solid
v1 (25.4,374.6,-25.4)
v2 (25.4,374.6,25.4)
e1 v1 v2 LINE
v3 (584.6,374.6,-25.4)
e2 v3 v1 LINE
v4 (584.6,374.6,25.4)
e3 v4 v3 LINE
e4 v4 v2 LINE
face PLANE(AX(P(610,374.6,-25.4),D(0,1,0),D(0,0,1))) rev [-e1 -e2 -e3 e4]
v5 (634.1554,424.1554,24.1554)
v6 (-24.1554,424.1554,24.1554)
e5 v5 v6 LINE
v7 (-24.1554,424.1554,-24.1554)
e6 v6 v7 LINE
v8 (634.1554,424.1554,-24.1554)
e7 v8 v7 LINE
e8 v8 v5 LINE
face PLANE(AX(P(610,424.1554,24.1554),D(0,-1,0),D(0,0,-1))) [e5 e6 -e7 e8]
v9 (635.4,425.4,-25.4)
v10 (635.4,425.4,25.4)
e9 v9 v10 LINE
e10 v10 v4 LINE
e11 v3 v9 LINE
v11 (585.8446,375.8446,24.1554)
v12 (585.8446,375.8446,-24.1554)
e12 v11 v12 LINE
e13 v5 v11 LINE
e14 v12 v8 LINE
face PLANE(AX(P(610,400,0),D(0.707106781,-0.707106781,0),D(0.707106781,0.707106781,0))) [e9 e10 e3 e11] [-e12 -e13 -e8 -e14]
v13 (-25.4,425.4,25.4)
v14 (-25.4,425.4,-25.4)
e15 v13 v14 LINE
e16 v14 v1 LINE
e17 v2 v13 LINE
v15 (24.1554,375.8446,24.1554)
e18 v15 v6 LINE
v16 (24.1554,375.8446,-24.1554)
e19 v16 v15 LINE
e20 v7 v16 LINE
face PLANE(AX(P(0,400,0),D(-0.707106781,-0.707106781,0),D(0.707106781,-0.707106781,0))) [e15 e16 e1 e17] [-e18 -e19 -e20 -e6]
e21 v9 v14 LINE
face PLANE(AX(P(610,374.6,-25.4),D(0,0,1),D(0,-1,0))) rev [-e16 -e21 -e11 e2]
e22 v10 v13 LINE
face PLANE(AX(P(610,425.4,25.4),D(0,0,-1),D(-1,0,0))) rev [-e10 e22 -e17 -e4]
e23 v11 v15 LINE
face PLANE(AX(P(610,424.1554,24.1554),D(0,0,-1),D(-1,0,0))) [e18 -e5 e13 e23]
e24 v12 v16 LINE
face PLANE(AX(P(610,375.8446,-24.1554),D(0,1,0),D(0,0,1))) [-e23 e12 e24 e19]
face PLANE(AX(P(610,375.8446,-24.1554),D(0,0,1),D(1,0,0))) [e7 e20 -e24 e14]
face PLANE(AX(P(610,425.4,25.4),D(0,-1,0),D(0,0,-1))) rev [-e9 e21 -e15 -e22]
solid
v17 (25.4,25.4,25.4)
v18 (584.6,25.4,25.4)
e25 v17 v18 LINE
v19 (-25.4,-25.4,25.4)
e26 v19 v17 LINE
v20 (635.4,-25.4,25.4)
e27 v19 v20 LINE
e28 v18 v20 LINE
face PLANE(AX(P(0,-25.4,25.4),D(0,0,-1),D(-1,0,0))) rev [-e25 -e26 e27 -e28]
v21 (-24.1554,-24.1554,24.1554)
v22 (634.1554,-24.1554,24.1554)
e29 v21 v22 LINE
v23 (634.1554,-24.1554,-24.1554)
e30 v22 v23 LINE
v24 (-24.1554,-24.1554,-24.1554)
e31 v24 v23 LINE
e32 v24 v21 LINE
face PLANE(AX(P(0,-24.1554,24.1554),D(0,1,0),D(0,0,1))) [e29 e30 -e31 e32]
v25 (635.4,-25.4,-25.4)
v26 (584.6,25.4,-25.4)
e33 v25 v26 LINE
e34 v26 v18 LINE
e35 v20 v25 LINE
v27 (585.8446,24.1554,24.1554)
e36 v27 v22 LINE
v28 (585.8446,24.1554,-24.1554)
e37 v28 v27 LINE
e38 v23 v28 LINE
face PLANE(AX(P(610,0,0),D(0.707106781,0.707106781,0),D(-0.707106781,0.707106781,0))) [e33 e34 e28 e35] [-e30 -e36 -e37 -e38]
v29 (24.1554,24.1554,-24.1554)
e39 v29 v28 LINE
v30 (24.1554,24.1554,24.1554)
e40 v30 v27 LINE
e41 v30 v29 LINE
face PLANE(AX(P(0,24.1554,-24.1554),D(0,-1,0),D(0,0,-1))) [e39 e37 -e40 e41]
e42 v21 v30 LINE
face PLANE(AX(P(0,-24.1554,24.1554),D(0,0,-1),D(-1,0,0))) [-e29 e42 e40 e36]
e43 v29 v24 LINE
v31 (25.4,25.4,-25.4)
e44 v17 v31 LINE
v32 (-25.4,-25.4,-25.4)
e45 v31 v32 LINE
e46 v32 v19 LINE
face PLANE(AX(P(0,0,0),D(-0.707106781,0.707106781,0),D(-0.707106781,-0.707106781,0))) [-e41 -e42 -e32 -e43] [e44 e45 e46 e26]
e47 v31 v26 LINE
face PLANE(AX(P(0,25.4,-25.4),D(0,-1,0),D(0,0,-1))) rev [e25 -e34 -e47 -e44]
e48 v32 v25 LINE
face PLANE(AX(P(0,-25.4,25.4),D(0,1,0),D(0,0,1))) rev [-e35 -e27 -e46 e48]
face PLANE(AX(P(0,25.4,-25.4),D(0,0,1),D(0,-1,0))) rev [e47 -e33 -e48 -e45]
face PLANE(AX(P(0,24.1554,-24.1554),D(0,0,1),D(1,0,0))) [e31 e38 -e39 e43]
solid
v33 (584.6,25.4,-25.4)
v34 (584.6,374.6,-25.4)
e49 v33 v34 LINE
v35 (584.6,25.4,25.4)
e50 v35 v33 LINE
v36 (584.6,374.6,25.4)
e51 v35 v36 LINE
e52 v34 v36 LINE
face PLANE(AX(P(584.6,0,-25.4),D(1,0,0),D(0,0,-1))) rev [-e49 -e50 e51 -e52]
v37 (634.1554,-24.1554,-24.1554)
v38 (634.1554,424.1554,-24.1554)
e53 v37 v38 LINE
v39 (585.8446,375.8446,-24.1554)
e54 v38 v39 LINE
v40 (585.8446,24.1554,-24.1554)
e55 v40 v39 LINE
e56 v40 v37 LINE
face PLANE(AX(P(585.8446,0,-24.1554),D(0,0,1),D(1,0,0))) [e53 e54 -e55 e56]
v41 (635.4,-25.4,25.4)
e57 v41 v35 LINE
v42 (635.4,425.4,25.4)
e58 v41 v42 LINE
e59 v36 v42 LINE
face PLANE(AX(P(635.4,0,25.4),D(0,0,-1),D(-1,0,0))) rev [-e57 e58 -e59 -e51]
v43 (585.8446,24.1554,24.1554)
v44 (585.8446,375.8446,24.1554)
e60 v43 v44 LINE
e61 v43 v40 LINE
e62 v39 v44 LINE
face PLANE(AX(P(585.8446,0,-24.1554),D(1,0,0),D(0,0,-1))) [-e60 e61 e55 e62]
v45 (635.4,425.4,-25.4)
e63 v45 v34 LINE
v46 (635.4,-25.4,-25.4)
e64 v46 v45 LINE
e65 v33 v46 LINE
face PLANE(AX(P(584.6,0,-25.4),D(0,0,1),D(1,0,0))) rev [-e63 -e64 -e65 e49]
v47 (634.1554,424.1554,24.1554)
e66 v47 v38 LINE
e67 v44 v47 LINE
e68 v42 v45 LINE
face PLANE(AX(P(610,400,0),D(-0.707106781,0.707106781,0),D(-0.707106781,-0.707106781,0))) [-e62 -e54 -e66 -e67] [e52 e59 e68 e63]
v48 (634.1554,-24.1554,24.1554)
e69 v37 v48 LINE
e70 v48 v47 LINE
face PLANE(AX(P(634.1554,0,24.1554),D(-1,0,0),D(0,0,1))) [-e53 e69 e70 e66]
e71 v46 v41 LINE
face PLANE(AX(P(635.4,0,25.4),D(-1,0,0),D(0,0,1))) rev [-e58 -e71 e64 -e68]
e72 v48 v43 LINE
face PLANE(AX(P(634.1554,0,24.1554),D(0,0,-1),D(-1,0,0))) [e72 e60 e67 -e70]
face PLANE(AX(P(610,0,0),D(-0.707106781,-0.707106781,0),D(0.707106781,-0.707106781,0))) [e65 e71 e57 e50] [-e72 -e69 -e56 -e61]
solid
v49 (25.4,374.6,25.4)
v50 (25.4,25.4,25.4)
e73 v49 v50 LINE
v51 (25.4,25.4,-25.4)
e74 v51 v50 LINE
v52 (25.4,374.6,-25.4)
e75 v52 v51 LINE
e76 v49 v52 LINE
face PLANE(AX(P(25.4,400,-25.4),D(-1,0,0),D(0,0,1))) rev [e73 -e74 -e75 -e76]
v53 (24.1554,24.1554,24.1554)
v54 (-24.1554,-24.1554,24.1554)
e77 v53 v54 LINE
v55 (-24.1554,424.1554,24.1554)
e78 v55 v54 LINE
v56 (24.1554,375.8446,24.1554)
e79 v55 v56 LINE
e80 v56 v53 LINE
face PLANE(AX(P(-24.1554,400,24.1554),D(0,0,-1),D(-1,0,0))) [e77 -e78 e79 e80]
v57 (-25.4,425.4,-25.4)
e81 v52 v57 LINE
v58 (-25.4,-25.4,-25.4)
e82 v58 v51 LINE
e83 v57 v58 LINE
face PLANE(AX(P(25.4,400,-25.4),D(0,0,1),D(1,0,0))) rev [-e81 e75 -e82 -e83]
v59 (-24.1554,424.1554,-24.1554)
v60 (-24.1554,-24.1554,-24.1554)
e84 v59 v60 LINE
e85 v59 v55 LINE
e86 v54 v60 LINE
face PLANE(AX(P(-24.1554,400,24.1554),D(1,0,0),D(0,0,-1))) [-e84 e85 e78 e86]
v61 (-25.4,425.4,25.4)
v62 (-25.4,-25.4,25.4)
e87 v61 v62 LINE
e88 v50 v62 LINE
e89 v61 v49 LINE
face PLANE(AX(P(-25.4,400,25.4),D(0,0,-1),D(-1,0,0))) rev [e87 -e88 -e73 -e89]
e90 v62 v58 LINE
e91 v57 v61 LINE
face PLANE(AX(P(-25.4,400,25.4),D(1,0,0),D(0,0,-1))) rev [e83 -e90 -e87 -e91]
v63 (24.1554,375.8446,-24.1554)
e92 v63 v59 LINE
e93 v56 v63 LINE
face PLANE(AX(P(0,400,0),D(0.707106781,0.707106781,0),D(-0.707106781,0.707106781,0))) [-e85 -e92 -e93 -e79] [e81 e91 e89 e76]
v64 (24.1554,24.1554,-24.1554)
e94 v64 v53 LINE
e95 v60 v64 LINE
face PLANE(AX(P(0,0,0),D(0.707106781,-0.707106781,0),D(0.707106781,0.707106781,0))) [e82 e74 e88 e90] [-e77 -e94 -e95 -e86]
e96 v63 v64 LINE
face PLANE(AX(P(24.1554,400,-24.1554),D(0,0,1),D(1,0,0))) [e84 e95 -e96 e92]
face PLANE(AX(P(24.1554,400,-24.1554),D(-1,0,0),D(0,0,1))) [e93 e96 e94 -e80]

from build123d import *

# Parameters (mm, degrees)
AL_TUBE_SQUARE_2_SQ_X_049_WALL_1_DEPTH      = 436.921024484
AL_TUBE_SQUARE_2_SQ_X_049_WALL_1_DEPTH_BACK = 36.921024484
SKETCH1_W                                   = 50.8
SKETCH1_H                                   = 50.8
SKETCH1_W_2                                 = 48.3108
SKETCH1_H_2                                 = 48.3108
SKETCH1_ON_SEGMENT_2_W                      = 50.8
SKETCH1_ON_SEGMENT_2_H                      = 50.8
SKETCH1_ON_SEGMENT_2_W_2                    = 48.3108
SKETCH1_ON_SEGMENT_2_H_2                    = 48.3108
AL_TUBE_SQUARE_2_SQ_X_049_WALL_1_3_DEPTH    = 683.842048969
SKETCH1_ON_SEGMENT_3_W                      = 50.8
SKETCH1_ON_SEGMENT_3_H                      = 50.8
SKETCH1_ON_SEGMENT_3_W_2                    = 48.3108
SKETCH1_ON_SEGMENT_3_H_2                    = 48.3108
AL_TUBE_SQUARE_2_SQ_X_049_WALL_1_5_DEPTH    = 473.842048969
SKETCH1_ON_SEGMENT_4_W                      = 50.8
SKETCH1_ON_SEGMENT_4_H                      = 50.8
SKETCH1_ON_SEGMENT_4_W_2                    = 48.3108
SKETCH1_ON_SEGMENT_4_H_2                    = 48.3108
AL_TUBE_SQUARE_2_SQ_X_049_WALL_1_7_DEPTH    = 683.842048969


with BuildPart() as part:
    # Sketch1 → Al tube (square) 2 SQ X .049 WALL(1) (new, two sides: drawn at the far end of the back side and taken through both)
    with BuildSketch(Plane(origin=(0, 0, 0), x_dir=(-1, 0, 0), z_dir=(0, 1, 0)).offset(-AL_TUBE_SQUARE_2_SQ_X_049_WALL_1_DEPTH_BACK)):
        Rectangle(SKETCH1_W, SKETCH1_H)
        Rectangle(SKETCH1_W_2, SKETCH1_H_2, mode=Mode.SUBTRACT)
    extrude(amount=AL_TUBE_SQUARE_2_SQ_X_049_WALL_1_DEPTH + AL_TUBE_SQUARE_2_SQ_X_049_WALL_1_DEPTH_BACK)

    # Al tube (square) 2 SQ X .049 WALL(1) mitr
    split(bisect_by=Plane(origin=(0, 0, 0), x_dir=(-0.707106781, -0.707106781, 0), z_dir=(-0.707106781, 0.707106781, 0)), keep=Keep.TOP)

    # Al tube (square) 2 SQ X .049 WALL(1)  2
    split(bisect_by=Plane(origin=(0, 400, 0), x_dir=(0.707106781, -0.707106781, 0), z_dir=(-0.707106781, -0.707106781, 0)), keep=Keep.TOP)


with BuildPart() as body_2:
    # Sketch1 on segment 2 (carried to segment 2) → Al tube (square) 2 SQ X .049 WALL(1)  3 (new body)
    with BuildSketch(Plane(origin=(-36.921024484, 400, 0), x_dir=(0, 1, 0), z_dir=(1, 0, 0))):
        Rectangle(SKETCH1_ON_SEGMENT_2_W, SKETCH1_ON_SEGMENT_2_H)
        Rectangle(SKETCH1_ON_SEGMENT_2_W_2, SKETCH1_ON_SEGMENT_2_H_2, mode=Mode.SUBTRACT)
    extrude(amount=AL_TUBE_SQUARE_2_SQ_X_049_WALL_1_3_DEPTH)

    # Al tube _square_ 2 SQ X .049 WALL_1 3 mi
    split(bisect_by=Plane(origin=(0, 400, 0), x_dir=(-0.707106781, 0.707106781, 0), z_dir=(0.707106781, 0.707106781, 0)), keep=Keep.TOP)

    # Al tube (square) 2 SQ X .049 WALL(1)  4
    split(bisect_by=Plane(origin=(610, 400, 0), x_dir=(-0.707106781, -0.707106781, 0), z_dir=(-0.707106781, 0.707106781, 0)), keep=Keep.TOP)


with BuildPart() as body_3:
    # Sketch1 on segment 3 (carried to segment 3) → Al tube (square) 2 SQ X .049 WALL(1)  5 (new body)
    with BuildSketch(Plane(origin=(610, 436.921024484, 0), x_dir=(1, 0, 0), z_dir=(0, -1, 0))):
        Rectangle(SKETCH1_ON_SEGMENT_3_W, SKETCH1_ON_SEGMENT_3_H)
        Rectangle(SKETCH1_ON_SEGMENT_3_W_2, SKETCH1_ON_SEGMENT_3_H_2, mode=Mode.SUBTRACT)
    extrude(amount=AL_TUBE_SQUARE_2_SQ_X_049_WALL_1_5_DEPTH)

    # Al tube _square_ 2 SQ X .049 WALL_1 5 mi
    split(bisect_by=Plane(origin=(610, 0, 0), x_dir=(-0.707106781, 0.707106781, 0), z_dir=(0.707106781, 0.707106781, 0)), keep=Keep.TOP)

    # Al tube (square) 2 SQ X .049 WALL(1)  6
    split(bisect_by=Plane(origin=(610, 400, 0), x_dir=(0.707106781, 0.707106781, 0), z_dir=(0.707106781, -0.707106781, 0)), keep=Keep.TOP)


with BuildPart() as body_4:
    # Sketch1 on segment 4 (carried to segment 4) → Al tube (square) 2 SQ X .049 WALL(1)  7 (new body)
    with BuildSketch(Plane(origin=(646.921024484, 0, 0), x_dir=(0, -1, 0), z_dir=(-1, 0, 0))):
        Rectangle(SKETCH1_ON_SEGMENT_4_W, SKETCH1_ON_SEGMENT_4_H)
        Rectangle(SKETCH1_ON_SEGMENT_4_W_2, SKETCH1_ON_SEGMENT_4_H_2, mode=Mode.SUBTRACT)
    extrude(amount=AL_TUBE_SQUARE_2_SQ_X_049_WALL_1_7_DEPTH)

    # Al tube _square_ 2 SQ X .049 WALL_1 7 mi
    split(bisect_by=Plane(origin=(0, 0, 0), x_dir=(0.707106781, 0.707106781, 0), z_dir=(0.707106781, -0.707106781, 0)), keep=Keep.TOP)

    # Al tube (square) 2 SQ X .049 WALL(1)  8
    split(bisect_by=Plane(origin=(610, 0, 0), x_dir=(0.707106781, -0.707106781, 0), z_dir=(-0.707106781, -0.707106781, 0)), keep=Keep.TOP)


solid = Compound([part.part, body_2.part, body_3.part, body_4.part])
